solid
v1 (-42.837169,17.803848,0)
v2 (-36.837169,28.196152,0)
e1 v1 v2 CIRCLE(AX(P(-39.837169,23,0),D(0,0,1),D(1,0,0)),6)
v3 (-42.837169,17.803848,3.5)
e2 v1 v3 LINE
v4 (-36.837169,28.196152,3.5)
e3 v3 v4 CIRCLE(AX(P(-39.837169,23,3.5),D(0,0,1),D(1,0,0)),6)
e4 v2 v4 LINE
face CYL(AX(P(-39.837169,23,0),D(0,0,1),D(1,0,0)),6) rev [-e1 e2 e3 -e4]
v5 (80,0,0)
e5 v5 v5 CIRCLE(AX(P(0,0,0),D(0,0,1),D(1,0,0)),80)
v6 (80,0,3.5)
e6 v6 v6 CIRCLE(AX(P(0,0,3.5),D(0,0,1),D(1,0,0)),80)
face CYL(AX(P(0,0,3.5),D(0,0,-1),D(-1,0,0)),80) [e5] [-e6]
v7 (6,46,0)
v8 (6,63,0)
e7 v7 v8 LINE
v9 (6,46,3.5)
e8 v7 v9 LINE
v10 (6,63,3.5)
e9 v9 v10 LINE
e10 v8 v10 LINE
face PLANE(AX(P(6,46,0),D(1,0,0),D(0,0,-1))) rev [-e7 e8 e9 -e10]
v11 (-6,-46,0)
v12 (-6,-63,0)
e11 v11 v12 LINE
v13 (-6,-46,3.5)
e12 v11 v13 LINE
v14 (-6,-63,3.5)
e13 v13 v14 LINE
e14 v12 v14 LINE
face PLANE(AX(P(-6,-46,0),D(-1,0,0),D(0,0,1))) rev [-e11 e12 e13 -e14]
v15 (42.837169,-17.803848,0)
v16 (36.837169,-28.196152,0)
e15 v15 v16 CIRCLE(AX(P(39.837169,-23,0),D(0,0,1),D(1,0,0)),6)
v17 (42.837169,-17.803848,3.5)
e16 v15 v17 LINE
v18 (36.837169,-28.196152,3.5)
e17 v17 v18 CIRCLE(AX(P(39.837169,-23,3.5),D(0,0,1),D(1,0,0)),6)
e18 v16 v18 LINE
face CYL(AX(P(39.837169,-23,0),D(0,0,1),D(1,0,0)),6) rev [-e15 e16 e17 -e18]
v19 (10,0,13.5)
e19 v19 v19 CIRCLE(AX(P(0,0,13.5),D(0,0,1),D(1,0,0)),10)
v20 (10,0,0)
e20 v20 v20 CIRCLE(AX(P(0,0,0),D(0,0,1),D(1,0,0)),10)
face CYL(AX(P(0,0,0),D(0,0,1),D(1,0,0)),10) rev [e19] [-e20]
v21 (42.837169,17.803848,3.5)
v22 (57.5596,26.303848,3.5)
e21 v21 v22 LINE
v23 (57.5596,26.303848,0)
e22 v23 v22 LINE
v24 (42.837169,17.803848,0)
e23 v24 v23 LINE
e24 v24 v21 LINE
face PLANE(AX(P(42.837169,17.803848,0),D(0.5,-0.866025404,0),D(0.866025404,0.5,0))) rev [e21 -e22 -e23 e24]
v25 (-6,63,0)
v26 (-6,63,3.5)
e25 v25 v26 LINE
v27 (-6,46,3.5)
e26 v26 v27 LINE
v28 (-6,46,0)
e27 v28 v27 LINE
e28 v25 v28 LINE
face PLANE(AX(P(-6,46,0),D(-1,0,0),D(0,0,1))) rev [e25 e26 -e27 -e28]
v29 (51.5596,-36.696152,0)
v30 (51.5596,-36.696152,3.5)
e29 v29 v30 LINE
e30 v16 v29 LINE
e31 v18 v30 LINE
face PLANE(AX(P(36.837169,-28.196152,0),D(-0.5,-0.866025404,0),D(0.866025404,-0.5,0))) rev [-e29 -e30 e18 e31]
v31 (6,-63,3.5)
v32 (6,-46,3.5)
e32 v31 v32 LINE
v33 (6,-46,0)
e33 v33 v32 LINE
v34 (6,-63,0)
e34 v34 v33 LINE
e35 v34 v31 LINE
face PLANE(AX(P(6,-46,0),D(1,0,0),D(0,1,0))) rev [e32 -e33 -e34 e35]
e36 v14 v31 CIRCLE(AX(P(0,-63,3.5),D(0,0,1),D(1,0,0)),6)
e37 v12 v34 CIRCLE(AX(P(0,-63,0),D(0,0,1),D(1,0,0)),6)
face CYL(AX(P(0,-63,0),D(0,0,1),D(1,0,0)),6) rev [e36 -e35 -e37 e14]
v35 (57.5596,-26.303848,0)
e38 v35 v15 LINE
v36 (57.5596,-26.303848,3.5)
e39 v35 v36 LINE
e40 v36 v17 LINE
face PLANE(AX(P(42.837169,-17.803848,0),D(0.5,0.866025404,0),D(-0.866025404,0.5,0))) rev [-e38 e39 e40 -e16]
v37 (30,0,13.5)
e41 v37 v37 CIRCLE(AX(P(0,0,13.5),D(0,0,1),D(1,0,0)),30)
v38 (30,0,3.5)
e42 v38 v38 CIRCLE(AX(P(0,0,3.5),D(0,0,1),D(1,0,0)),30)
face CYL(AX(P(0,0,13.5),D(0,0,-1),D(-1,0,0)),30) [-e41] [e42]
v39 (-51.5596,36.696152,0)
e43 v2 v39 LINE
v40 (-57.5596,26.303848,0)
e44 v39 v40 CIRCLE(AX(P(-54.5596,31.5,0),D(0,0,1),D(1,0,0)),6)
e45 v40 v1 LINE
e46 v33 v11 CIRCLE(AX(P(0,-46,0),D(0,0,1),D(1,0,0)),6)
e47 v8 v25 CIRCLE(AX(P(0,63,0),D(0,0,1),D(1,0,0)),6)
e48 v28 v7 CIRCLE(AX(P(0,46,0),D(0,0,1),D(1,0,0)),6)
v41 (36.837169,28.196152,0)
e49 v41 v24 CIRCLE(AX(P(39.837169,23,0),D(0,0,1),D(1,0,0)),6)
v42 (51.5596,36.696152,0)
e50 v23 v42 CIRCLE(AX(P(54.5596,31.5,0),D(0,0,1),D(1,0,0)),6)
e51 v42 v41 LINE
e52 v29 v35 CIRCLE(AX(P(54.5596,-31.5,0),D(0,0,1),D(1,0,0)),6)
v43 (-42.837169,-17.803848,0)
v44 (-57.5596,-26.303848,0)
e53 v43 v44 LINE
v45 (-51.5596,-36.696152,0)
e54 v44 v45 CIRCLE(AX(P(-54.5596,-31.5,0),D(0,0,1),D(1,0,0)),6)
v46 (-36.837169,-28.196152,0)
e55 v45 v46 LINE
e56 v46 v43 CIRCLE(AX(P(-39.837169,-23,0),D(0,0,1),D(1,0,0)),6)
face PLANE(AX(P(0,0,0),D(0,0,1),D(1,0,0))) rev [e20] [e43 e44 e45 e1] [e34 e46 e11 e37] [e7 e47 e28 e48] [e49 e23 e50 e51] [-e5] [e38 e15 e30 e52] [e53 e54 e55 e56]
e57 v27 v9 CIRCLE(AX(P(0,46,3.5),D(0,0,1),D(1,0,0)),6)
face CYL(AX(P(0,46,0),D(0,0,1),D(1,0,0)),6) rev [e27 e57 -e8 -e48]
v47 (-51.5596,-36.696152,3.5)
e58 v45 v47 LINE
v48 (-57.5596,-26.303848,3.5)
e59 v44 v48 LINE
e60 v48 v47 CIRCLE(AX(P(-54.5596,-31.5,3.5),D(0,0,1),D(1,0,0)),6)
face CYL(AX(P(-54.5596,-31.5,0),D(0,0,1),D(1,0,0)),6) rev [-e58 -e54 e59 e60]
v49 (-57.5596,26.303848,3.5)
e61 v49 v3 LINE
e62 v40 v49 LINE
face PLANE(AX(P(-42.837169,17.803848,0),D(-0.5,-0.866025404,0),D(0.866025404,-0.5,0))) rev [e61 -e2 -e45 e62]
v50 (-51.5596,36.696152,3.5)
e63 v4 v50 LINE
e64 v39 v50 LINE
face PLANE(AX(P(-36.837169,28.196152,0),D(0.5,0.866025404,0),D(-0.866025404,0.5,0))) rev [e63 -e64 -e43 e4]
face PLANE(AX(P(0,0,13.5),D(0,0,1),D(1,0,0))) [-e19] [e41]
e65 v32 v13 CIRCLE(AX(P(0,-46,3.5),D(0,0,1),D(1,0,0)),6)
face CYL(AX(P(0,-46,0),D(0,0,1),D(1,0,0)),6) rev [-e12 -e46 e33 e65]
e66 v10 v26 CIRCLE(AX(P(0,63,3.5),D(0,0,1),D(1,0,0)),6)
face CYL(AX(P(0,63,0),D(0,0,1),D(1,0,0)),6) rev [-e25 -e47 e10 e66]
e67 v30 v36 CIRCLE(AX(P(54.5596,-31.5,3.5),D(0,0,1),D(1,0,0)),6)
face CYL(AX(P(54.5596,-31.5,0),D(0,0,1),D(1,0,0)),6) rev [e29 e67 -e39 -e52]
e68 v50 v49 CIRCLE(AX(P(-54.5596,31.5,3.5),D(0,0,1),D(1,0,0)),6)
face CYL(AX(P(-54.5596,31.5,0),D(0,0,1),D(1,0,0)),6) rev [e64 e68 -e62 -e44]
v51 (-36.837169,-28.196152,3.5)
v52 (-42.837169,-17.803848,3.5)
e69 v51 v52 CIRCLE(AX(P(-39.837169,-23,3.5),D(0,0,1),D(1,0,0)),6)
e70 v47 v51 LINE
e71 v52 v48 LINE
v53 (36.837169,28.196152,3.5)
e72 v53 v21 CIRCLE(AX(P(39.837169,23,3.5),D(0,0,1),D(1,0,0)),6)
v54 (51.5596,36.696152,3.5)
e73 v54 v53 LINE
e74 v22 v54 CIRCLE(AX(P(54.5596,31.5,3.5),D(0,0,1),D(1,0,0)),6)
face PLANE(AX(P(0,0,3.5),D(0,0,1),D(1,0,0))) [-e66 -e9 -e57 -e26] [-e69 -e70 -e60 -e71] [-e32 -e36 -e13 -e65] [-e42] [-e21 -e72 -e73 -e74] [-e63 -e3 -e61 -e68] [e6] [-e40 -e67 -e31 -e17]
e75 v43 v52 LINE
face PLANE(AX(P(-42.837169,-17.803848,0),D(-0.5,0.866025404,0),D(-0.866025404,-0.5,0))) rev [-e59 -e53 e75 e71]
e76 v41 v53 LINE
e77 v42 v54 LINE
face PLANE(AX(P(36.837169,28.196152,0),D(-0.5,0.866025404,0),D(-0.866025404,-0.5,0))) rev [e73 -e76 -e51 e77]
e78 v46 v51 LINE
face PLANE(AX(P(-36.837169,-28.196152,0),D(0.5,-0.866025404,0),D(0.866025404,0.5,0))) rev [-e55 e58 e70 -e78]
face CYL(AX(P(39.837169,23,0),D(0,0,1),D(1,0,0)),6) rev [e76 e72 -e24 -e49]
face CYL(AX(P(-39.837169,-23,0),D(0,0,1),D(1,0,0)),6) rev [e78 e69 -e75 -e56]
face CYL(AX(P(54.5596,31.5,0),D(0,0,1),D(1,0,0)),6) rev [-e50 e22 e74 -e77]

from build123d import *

# Parameters (mm, degrees)
SKETCH1_R           = 80
BOSS_EXTRUDE1_DEPTH = 3.5
SKETCH2_R           = 10
CUT_EXTRUDE1_DEPTH  = 3.5
BOSS_EXTRUDE2_START = 10
SKETCH3_R           = 30
SKETCH3_R_2         = 10
BOSS_EXTRUDE2_DEPTH = 10
CUT_EXTRUDE2_DEPTH  = 3.5


with BuildPart() as part:
    # Sketch1 → Boss-Extrude1 (new body)
    with BuildSketch(Plane.XY):
        Circle(SKETCH1_R)
    extrude(amount=BOSS_EXTRUDE1_DEPTH)

    # Sketch2 → Cut-Extrude1 (cut)
    with BuildSketch(Plane.XY.offset(3.5)):
        Circle(SKETCH2_R)
    extrude(amount=-CUT_EXTRUDE1_DEPTH, mode=Mode.SUBTRACT)

    # Sketch3 → Boss-Extrude2 (add)
    with BuildSketch(Plane.XY.offset(3.5).offset(BOSS_EXTRUDE2_START)):
        Circle(SKETCH3_R)
        Circle(SKETCH3_R_2, mode=Mode.SUBTRACT)
    extrude(amount=-BOSS_EXTRUDE2_DEPTH)

    # Sketch6 → Cut-Extrude2 (cut)
    with BuildSketch(Plane.XY.offset(3.5)):
        with BuildLine():
            Line((36.837168574, 28.196152423), (51.559600438, 36.696152423))
            ThreePointArc((51.559600438, 36.696152423), (59.755752861, 34.5), (57.559600438, 26.303847577))
            Line((57.559600438, 26.303847577), (42.837168574, 17.803847577))
            ThreePointArc((42.837168574, 17.803847577), (34.641016151, 20), (36.837168574, 28.196152423))
        make_face()
        with BuildLine():
            Line((42.837168574, -17.803847577), (57.559600438, -26.303847577))
            ThreePointArc((57.559600438, -26.303847577), (59.755752861, -34.5), (51.559600438, -36.696152423))
            Line((51.559600438, -36.696152423), (36.837168574, -28.196152423))
            ThreePointArc((36.837168574, -28.196152423), (34.641016151, -20), (42.837168574, -17.803847577))
        make_face()
        with BuildLine():
            Line((6, -46), (6, -63))
            ThreePointArc((6, -63), (0, -69), (-6, -63))
            Line((-6, -63), (-6, -46))
            ThreePointArc((-6, -46), (0, -40), (6, -46))
        make_face()
        with BuildLine():
            Line((-36.837168574, -28.196152423), (-51.559600438, -36.696152423))
            ThreePointArc((-51.559600438, -36.696152423), (-59.755752861, -34.5), (-57.559600438, -26.303847577))
            Line((-57.559600438, -26.303847577), (-42.837168574, -17.803847577))
            ThreePointArc((-42.837168574, -17.803847577), (-34.641016151, -20), (-36.837168574, -28.196152423))
        make_face()
        with BuildLine():
            Line((-42.837168574, 17.803847577), (-57.559600438, 26.303847577))
            ThreePointArc((-57.559600438, 26.303847577), (-59.755752861, 34.5), (-51.559600438, 36.696152423))
            Line((-51.559600438, 36.696152423), (-36.837168574, 28.196152423))
            ThreePointArc((-36.837168574, 28.196152423), (-34.641016151, 20), (-42.837168574, 17.803847577))
        make_face()
        with BuildLine():
            Line((-6, 46), (-6, 63))
            ThreePointArc((-6, 63), (0, 69), (6, 63))
            Line((6, 63), (6, 46))
            ThreePointArc((6, 46), (0, 40), (-6, 46))
        make_face()
    extrude(amount=-CUT_EXTRUDE2_DEPTH, mode=Mode.SUBTRACT)


solid = part.part
